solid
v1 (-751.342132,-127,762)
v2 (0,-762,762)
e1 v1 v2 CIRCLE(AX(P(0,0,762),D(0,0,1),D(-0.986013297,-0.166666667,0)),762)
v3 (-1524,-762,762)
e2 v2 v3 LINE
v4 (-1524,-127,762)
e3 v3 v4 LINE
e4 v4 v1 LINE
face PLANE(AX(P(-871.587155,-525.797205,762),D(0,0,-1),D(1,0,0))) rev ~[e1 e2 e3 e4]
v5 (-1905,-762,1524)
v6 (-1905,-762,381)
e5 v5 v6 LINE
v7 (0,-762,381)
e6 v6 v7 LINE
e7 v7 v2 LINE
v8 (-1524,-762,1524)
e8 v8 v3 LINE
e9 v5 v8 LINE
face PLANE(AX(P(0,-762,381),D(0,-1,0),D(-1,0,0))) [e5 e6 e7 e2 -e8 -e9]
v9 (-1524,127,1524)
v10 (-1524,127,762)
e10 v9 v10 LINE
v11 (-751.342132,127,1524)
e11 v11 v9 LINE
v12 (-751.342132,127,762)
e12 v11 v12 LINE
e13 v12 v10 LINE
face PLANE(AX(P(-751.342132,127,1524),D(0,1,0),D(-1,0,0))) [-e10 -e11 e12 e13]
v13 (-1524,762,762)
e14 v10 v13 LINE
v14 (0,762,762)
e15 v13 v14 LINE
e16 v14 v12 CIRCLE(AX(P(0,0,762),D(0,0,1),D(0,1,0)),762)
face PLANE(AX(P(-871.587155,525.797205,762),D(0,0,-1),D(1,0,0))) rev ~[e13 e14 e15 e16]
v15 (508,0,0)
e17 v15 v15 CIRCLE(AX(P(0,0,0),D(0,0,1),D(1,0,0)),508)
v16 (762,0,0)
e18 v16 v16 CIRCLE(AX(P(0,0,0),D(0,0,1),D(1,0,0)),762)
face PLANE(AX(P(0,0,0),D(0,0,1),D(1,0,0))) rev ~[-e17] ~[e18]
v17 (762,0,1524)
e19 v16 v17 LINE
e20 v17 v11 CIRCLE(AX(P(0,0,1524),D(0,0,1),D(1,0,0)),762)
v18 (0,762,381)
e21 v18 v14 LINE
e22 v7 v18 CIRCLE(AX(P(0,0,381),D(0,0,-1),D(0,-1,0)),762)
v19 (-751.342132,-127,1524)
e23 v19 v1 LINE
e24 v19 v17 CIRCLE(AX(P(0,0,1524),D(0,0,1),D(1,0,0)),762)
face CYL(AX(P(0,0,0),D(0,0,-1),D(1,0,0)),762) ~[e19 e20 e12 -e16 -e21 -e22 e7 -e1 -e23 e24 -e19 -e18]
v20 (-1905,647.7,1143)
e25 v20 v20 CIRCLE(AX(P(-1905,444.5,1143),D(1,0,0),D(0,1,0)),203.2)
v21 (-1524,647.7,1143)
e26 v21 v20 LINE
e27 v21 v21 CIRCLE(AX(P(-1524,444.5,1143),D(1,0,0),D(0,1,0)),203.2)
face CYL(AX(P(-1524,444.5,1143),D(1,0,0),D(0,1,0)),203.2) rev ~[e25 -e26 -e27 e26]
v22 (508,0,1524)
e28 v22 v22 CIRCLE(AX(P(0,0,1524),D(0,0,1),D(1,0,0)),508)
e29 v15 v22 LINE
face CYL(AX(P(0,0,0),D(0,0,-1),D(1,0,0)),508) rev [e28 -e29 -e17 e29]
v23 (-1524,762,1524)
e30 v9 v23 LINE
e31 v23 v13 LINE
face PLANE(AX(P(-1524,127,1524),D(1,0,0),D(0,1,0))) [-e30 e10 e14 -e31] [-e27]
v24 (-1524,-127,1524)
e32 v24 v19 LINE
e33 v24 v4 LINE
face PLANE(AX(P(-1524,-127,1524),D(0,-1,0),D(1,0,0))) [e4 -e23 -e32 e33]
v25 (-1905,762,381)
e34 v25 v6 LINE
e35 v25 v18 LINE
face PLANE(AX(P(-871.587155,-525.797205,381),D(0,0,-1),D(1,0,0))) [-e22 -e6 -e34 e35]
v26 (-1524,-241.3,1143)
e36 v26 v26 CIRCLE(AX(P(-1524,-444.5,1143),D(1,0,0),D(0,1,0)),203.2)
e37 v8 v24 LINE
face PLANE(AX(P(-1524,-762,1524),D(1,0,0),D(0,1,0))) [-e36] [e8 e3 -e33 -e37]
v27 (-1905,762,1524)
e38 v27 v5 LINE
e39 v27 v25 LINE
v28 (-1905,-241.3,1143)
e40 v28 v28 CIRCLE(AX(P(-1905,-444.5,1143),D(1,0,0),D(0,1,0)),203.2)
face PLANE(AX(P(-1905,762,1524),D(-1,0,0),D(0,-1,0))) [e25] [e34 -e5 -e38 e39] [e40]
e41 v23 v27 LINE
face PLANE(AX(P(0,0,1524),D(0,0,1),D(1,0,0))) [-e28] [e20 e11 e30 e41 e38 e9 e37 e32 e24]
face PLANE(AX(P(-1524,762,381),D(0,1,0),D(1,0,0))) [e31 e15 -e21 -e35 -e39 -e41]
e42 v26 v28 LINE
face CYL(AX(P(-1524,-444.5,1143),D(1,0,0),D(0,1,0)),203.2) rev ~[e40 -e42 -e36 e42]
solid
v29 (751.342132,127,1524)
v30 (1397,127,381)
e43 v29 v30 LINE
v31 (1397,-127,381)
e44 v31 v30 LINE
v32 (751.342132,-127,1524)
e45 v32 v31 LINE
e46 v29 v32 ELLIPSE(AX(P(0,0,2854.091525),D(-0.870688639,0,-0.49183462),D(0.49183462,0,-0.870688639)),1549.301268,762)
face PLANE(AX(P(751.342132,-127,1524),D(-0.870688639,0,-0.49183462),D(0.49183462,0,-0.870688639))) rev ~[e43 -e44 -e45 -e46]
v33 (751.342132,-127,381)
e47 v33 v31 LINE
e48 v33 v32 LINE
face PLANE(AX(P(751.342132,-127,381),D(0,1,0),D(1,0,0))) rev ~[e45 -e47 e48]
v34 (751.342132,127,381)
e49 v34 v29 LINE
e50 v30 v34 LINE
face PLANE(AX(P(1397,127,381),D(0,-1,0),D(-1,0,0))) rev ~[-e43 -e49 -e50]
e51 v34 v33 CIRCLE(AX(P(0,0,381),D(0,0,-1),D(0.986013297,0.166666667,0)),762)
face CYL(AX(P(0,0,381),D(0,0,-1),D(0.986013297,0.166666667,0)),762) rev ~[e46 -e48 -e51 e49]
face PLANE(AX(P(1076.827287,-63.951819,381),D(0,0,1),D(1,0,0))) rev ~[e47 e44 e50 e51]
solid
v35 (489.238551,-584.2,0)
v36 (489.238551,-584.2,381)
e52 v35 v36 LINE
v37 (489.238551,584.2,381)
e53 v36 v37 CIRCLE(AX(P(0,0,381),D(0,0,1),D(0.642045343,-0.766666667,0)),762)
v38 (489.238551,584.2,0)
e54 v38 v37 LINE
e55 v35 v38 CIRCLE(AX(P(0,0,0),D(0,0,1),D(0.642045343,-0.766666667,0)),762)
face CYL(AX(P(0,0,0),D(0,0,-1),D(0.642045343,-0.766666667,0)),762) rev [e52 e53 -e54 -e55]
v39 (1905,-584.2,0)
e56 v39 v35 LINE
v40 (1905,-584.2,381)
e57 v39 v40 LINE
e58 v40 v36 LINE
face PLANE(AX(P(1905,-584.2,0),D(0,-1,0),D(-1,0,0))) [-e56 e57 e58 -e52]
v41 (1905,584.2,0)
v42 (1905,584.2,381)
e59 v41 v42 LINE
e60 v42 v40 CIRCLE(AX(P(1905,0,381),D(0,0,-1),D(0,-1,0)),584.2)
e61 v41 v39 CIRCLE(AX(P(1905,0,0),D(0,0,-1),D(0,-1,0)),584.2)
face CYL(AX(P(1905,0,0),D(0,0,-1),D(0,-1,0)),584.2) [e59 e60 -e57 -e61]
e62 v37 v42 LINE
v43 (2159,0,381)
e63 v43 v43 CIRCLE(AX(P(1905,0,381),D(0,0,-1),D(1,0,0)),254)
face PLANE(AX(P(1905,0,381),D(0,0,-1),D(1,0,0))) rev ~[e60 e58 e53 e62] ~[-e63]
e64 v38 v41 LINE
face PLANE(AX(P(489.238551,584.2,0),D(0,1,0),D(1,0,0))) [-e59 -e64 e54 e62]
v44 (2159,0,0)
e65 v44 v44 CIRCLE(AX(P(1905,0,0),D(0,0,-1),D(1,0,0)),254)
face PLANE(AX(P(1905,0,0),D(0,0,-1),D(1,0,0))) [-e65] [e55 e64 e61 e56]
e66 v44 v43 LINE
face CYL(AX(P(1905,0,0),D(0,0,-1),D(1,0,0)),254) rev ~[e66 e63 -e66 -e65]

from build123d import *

# Parameters (mm, degrees)
F0_R      = 762
F0_R_2    = 508
F1_DEPTH  = 1524
F2_R      = 254
F3_DEPTH  = 381
F5_DEPTH  = 1143
F7_DEPTH  = 889.001
F9_DEPTH  = 1143
F11_DEPTH = 381
F12_R     = 203.2
F13_DEPTH = 381.001
F14_R     = 203.2
F15_DEPTH = 381.001


with BuildPart() as f1:
    # F0 (on Top) → F1 (new body)
    with BuildSketch(Plane.XY):
        Circle(F0_R)
        Circle(F0_R_2, mode=Mode.SUBTRACT)
    extrude(amount=F1_DEPTH)

    # F8 (on face) → F9 (join)
    with BuildSketch(Plane.XY.offset(1524)):
        with BuildLine():
            Line((-1905, 762), (-1905, 0))
            Line((-1905, 0), (-1905, -762))
            Line((-1905, -762), (-1524, -762))
            Line((-1524, -762), (-1524, -127))
            Line((-1524, -127), (-751.3421324537, -127))
            ThreePointArc((-751.3421324537, -127), (-762, 0), (-751.3421324537, 127))
            Line((-751.3421324537, 127), (-1524, 127))
            Line((-1524, 127), (-1524, 762))
            Line((-1524, 762), (-1905, 762))
        make_face()
    extrude(amount=-F9_DEPTH)

    # F10 (on face) → F11 (join)
    with BuildSketch(Plane(origin=(0, 0, 381), x_dir=(1, 0, 0), z_dir=(0, 0, -1))):
        with BuildLine():
            ThreePointArc((-751.3421324537, 127), (-491.8688849683, 581.9871132594), (0, 762))
            Line((0, 762), (-1524, 762))
            Line((-1524, 762), (-1524, 127))
            Line((-1524, 127), (-751.3421324537, 127))
        make_face()
        with BuildLine():
            Line((-1524, -762), (0, -762))
            ThreePointArc((0, -762), (-491.8688849683, -581.9871132594), (-751.3421324537, -127))
            Line((-751.3421324537, -127), (-1524, -127))
            Line((-1524, -127), (-1524, -762))
        make_face()
    extrude(amount=-F11_DEPTH)

    # F12 (on face) → F13 (cut, through all)
    with BuildSketch(Plane.YZ.offset(-1524)):
        with Locations((-444.5, 1143)):
            Circle(F12_R)
    extrude(amount=-F13_DEPTH, mode=Mode.SUBTRACT)

    # F14 (on face) → F15 (cut, through all)
    with BuildSketch(Plane.YZ.offset(-1524)):
        with Locations((444.5, 1143)):
            Circle(F14_R)
    extrude(amount=-F15_DEPTH, mode=Mode.SUBTRACT)


with BuildPart() as f3:
    # F2 (on face) → F3 (new body)
    with BuildSketch(Plane(origin=(0, 0, 0), x_dir=(1, 0, 0), z_dir=(0, 0, -1))):
        with BuildLine():
            ThreePointArc((1905, -584.2), (2318.0917815692, -413.0917815692), (2489.2, 0))
            ThreePointArc((2489.2, 0), (2318.0917815692, 413.0917815692), (1905, 584.2))
            ThreePointArc((1905, 584.2), (1320.8, 0), (1905, -584.2))
        make_face()
        with Locations((1905, 0)):
            Circle(F2_R, mode=Mode.SUBTRACT)
        with BuildLine():
            ThreePointArc((1905, -584.2), (1320.8, 0), (1905, 584.2))
            Line((1905, 584.2), (489.2385512202, 584.2))
            ThreePointArc((489.2385512202, 584.2), (690.450496426, 322.3695270728), (762, 0))
            ThreePointArc((762, 0), (690.450496426, -322.3695270728), (489.2385512202, -584.2))
            Line((489.2385512202, -584.2), (1905, -584.2))
        make_face()
    extrude(amount=-F3_DEPTH)


with BuildPart() as f5:
    # F4 (on face) → F5 (new body)
    with BuildSketch(Plane.XY.offset(381)):
        with BuildLine():
            Line((1397, 0), (762, 0))
            ThreePointArc((762, 0), (759.3308583647, -63.7232103331), (751.3421324537, -127))
            Line((751.3421324537, -127), (1397, -127))
            Line((1397, -127), (1397, 0))
        make_face()
        with BuildLine():
            ThreePointArc((751.3421324537, 127), (759.3308583647, 63.7232103331), (762, 0))
            Line((762, 0), (1397, 0))
            Line((1397, 0), (1397, 127))
            Line((1397, 127), (751.3421324537, 127))
        make_face()
    extrude(amount=F5_DEPTH)

    # F6 (on face) → F7 (cut, through all)
    with BuildSketch(Plane.XZ.offset(127)):
        Polygon((1397, 1524), (751.3421324537, 1524), (1397, 381), align=None)
    extrude(amount=-F7_DEPTH, mode=Mode.SUBTRACT)


solid = Compound([f1.part, f3.part, f5.part])
